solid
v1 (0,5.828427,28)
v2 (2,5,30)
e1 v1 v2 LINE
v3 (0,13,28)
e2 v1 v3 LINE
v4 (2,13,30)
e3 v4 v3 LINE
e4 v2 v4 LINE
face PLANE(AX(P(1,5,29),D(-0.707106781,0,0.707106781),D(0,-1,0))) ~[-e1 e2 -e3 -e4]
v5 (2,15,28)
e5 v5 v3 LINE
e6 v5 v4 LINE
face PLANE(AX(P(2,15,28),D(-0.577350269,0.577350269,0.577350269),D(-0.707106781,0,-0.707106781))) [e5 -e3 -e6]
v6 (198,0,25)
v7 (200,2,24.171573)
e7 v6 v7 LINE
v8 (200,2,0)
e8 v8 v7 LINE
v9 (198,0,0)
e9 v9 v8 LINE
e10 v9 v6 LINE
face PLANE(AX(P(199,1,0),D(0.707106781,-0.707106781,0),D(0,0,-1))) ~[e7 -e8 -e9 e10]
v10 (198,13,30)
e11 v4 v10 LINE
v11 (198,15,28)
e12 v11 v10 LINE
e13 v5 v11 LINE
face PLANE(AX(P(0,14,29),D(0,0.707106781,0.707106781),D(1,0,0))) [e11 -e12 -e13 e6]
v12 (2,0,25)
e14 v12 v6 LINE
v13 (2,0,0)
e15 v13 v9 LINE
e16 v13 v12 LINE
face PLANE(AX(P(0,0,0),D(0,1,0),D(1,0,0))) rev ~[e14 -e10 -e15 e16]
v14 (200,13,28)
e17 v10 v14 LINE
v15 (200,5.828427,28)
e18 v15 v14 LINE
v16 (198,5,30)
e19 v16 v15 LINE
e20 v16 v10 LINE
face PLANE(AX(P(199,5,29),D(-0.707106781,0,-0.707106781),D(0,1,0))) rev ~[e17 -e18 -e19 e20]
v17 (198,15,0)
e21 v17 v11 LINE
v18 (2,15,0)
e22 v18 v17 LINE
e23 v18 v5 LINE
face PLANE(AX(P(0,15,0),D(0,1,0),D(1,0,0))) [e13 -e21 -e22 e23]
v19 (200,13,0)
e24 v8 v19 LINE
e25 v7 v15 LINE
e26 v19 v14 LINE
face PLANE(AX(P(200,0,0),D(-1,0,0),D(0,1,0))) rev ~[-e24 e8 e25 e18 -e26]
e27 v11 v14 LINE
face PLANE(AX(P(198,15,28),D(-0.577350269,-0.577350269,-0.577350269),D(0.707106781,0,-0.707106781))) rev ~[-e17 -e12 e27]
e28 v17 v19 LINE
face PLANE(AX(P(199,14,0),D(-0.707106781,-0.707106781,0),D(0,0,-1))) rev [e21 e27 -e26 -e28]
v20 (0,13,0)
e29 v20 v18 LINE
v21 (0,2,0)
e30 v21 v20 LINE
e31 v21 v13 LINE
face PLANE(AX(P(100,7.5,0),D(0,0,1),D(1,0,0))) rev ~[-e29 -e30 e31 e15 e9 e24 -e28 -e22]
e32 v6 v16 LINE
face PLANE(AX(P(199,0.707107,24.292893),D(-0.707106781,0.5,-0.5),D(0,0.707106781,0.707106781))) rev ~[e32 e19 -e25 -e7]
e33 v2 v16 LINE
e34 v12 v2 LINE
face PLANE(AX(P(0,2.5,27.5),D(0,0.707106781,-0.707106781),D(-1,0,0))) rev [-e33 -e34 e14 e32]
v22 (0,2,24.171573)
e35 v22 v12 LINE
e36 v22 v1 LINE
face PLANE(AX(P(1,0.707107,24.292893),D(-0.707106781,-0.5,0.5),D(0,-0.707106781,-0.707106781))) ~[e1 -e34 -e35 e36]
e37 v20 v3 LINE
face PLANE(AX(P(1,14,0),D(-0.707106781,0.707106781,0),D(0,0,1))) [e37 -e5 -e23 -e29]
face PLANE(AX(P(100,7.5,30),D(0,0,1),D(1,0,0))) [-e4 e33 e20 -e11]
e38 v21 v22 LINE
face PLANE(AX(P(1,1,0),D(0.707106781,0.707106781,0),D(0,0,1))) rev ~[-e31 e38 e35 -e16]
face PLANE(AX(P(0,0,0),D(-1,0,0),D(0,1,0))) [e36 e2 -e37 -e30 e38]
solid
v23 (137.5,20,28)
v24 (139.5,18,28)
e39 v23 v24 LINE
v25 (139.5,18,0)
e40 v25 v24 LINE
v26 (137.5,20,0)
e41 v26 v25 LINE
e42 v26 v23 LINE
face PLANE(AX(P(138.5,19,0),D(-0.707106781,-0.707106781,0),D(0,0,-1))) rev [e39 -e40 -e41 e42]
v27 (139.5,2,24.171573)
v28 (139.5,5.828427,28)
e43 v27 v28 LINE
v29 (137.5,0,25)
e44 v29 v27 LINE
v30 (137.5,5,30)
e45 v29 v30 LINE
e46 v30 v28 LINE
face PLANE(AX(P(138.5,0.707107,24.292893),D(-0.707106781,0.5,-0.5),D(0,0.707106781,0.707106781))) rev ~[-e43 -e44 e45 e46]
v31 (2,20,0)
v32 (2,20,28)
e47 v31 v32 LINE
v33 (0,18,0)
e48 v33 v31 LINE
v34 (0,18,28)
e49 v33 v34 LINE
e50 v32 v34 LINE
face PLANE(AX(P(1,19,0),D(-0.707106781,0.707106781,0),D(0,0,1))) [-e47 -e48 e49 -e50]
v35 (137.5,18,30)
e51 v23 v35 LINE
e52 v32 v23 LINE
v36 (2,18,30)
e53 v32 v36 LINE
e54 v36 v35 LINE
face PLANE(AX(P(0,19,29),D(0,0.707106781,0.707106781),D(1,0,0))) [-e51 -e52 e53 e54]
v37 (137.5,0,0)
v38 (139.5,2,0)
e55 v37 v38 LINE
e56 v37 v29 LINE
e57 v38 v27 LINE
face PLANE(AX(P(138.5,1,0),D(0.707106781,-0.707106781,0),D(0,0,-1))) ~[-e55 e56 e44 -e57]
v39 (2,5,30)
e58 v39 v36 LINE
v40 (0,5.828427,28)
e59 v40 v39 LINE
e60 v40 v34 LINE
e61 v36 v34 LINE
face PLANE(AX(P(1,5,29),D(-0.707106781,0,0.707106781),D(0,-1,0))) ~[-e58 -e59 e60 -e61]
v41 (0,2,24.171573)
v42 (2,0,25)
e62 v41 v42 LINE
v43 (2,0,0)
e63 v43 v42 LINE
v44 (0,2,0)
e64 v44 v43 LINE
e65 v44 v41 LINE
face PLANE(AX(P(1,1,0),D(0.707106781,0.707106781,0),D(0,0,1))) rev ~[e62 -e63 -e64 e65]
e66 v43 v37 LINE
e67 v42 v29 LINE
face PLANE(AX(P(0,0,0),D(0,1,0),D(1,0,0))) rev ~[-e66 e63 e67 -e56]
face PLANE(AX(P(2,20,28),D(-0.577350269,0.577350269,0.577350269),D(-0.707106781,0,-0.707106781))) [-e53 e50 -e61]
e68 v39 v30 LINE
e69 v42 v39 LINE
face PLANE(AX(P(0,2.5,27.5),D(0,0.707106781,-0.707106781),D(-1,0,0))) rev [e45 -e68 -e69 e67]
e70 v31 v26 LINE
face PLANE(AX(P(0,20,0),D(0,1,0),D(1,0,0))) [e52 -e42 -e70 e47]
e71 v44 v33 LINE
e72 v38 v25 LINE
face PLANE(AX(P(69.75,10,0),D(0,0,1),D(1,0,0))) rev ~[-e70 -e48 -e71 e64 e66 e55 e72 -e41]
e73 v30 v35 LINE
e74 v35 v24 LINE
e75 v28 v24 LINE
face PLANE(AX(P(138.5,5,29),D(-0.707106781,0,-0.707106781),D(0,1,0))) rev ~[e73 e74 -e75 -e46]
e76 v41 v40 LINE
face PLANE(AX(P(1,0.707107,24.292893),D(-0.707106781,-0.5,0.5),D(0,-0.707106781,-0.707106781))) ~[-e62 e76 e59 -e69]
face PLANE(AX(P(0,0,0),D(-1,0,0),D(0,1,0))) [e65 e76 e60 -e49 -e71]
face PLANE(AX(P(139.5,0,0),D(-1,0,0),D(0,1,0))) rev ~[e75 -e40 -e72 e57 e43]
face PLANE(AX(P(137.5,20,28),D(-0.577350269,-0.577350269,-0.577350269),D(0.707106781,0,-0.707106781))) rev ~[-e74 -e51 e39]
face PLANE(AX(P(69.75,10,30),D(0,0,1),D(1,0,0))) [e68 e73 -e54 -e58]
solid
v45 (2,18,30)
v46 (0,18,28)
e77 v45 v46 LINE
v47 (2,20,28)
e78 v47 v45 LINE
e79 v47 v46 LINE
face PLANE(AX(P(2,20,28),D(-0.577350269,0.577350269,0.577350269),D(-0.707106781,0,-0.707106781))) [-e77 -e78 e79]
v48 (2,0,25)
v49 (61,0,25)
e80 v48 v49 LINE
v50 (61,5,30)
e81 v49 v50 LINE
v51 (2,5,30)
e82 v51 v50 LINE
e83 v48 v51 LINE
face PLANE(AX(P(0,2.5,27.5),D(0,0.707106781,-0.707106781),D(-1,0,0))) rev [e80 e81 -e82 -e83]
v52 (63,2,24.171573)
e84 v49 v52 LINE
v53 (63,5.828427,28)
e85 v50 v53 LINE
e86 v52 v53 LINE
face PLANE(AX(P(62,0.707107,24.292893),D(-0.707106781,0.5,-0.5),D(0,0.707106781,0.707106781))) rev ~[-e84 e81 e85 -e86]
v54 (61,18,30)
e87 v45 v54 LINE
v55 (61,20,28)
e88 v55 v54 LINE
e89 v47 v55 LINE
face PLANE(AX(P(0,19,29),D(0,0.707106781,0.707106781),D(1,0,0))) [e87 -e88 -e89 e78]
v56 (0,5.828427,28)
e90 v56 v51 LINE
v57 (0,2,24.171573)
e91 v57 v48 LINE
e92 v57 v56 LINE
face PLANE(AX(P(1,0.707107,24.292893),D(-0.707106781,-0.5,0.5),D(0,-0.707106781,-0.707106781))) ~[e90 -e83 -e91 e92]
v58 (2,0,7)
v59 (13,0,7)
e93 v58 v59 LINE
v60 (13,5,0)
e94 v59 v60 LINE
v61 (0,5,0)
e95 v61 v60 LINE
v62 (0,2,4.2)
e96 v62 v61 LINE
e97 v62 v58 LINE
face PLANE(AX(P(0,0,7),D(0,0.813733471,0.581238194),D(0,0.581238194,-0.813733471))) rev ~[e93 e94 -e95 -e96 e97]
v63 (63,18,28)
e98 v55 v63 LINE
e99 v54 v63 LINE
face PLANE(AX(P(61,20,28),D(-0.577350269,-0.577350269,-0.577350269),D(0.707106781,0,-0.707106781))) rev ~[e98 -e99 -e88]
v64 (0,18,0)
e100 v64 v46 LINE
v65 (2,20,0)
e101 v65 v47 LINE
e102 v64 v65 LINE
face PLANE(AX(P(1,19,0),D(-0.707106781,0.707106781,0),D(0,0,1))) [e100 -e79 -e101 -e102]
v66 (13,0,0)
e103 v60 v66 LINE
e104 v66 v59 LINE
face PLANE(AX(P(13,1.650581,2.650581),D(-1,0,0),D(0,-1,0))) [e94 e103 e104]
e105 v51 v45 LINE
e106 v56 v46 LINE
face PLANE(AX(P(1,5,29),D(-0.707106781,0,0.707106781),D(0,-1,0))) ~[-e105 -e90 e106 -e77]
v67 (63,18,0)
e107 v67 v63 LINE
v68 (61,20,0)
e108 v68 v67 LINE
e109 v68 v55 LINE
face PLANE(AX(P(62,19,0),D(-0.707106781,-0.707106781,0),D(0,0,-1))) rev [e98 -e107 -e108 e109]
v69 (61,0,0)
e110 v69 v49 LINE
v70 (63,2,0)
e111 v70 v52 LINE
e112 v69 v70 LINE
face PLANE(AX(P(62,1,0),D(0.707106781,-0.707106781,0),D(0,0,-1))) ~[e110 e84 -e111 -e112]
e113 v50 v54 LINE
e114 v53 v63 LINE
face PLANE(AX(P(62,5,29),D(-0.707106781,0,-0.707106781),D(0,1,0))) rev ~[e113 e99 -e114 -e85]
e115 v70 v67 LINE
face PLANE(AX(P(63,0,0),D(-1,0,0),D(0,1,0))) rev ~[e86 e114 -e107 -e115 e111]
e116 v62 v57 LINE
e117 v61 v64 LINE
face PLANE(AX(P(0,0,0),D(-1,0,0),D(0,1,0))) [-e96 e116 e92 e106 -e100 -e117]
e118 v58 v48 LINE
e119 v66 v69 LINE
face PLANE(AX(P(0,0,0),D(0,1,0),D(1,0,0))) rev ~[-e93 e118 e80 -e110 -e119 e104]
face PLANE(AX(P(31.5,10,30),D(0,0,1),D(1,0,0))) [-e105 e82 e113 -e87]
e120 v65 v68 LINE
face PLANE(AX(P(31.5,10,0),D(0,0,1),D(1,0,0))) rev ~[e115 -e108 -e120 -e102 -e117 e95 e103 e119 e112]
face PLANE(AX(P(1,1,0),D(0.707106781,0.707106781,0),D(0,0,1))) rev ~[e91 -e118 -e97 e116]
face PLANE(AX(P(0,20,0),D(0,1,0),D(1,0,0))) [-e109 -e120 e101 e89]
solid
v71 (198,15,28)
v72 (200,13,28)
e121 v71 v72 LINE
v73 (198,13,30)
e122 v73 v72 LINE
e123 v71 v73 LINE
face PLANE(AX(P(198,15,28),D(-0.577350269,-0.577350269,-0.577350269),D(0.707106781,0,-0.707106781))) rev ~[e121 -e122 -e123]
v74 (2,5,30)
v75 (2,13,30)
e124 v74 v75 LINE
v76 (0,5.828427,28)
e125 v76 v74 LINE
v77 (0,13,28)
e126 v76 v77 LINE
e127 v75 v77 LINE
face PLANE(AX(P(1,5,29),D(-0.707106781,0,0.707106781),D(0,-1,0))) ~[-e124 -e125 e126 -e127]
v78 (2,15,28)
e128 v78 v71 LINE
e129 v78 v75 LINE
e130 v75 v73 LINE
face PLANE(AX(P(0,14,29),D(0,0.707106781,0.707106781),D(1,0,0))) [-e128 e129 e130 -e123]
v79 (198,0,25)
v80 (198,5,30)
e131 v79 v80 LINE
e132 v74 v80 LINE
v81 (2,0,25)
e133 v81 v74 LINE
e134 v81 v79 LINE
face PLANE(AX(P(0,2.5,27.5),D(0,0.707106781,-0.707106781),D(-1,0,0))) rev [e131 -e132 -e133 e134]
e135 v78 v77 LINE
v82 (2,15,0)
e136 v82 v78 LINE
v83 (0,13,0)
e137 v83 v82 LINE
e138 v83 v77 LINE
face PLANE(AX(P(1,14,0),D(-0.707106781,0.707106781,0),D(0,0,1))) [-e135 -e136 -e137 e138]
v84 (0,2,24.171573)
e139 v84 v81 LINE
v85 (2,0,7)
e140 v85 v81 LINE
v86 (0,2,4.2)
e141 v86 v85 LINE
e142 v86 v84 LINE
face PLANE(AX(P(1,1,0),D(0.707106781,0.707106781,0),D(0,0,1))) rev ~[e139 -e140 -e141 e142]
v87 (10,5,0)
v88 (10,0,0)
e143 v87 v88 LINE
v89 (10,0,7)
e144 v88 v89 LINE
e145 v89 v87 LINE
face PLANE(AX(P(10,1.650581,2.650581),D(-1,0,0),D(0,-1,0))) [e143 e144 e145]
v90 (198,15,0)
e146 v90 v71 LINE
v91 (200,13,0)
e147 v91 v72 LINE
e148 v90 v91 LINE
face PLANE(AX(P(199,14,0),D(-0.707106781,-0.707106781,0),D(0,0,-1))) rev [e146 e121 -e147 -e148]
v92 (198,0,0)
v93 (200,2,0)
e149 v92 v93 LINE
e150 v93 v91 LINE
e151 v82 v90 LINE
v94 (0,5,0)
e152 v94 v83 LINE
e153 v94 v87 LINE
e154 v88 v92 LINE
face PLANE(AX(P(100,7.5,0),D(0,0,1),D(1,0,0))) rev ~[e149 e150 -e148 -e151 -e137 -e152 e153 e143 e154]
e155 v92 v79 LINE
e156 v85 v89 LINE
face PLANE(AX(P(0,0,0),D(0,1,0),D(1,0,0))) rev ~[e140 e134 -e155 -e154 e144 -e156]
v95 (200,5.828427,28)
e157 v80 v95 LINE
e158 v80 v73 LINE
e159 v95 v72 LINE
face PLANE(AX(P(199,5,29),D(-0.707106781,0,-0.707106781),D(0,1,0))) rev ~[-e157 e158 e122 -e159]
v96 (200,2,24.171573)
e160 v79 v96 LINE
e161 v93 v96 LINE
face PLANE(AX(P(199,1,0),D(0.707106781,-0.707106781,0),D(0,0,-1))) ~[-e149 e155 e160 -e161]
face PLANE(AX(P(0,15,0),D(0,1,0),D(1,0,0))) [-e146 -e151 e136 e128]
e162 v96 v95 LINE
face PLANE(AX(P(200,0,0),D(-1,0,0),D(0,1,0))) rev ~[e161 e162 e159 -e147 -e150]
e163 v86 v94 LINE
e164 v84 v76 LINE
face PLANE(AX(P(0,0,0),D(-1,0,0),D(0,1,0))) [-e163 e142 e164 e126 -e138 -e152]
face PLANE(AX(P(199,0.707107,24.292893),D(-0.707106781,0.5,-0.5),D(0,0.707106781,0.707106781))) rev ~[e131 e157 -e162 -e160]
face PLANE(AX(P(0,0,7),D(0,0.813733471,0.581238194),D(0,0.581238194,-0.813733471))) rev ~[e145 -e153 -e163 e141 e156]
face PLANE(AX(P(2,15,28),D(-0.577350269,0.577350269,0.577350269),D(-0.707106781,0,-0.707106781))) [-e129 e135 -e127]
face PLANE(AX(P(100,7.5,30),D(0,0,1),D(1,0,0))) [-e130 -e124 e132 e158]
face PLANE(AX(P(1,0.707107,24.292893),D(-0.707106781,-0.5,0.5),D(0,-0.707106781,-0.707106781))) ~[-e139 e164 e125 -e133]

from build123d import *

# Parameters (mm, degrees)
BOX_W           = 200
BOX_H           = 15
BOX_DEPTH       = 30
CHAMFER_SIZE    = 5
CHAMFER001_SIZE = 2
POCKET_DEPTH    = 10
BOX001_W        = 63
BOX001_H        = 20
BOX001_DEPTH    = 30
CHAMFER002_SIZE = 5
CHAMFER003_SIZE = 2
POCKET001_DEPTH = 13
BOX002_W        = 139.5
BOX002_H        = 20
BOX002_DEPTH    = 30
CHAMFER004_SIZE = 5
CHAMFER005_SIZE = 2
BOX003_W        = 200
BOX003_H        = 15
BOX003_DEPTH    = 30
CHAMFER006_SIZE = 5
CHAMFER007_SIZE = 2


with BuildPart() as body:
    # Box → Box (new body)
    with BuildSketch(Plane.XY):
        with Locations((100, 7.5)):
            Rectangle(BOX_W, BOX_H)
    extrude(amount=BOX_DEPTH)

    # Chamfer
    chamfer_edges = [body.edges().sort_by_distance(p)[0] for p in [
        (100, 0, 30),
    ]]
    chamfer(chamfer_edges, length=CHAMFER_SIZE)

    # Chamfer001
    chamfer001_edges = [body.edges().sort_by_distance(p)[0] for p in [
        (0, 10, 30),
        (200, 10, 30),
        (100, 15, 30),
        (200, 15, 15),
        (0, 15, 15),
        (0, 0, 12.5),
        (200, 0, 12.5),
        (0, 2.5, 27.5),
        (200, 2.5, 27.5),
    ]]
    chamfer(chamfer001_edges, length=CHAMFER001_SIZE)

    # Sketch (on Face1 of Chamfer001) → Pocket (cut, symmetric)
    with BuildSketch(Plane(origin=(0, 0, 0), x_dir=(0, -1, 0), z_dir=(-1, 0, 0))):
        Polygon((-5, 0), (0, 0), (0, 7), align=None)
    extrude(amount=POCKET_DEPTH, both=True, mode=Mode.SUBTRACT)


with BuildPart() as kulma_shimmi:
    # Box001 → Box001 (new body)
    with BuildSketch(Plane.XY):
        with Locations((31.5, 10)):
            Rectangle(BOX001_W, BOX001_H)
    extrude(amount=BOX001_DEPTH)

    # Chamfer002
    chamfer002_edges = [kulma_shimmi.edges().sort_by_distance(p)[0] for p in [
        (31.5, 0, 30),
    ]]
    chamfer(chamfer002_edges, length=CHAMFER002_SIZE)

    # Chamfer003
    chamfer003_edges = [kulma_shimmi.edges().sort_by_distance(p)[0] for p in [
        (0, 12.5, 30),
        (63, 12.5, 30),
        (31.5, 20, 30),
        (63, 20, 15),
        (0, 20, 15),
        (0, 0, 12.5),
        (63, 0, 12.5),
        (0, 2.5, 27.5),
        (63, 2.5, 27.5),
    ]]
    chamfer(chamfer003_edges, length=CHAMFER003_SIZE)

    # Sketch001 (on Face1 of Chamfer003) → Pocket001 (cut)
    with BuildSketch(Plane(origin=(0, 0, 0), x_dir=(0, -1, 0), z_dir=(-1, 0, 0))):
        Polygon((-5, 0), (0, 0), (0, 7), align=None)
    extrude(amount=-POCKET001_DEPTH, mode=Mode.SUBTRACT)


with BuildPart() as keski_shimmix4:
    # Box002 → Box002 (new body)
    with BuildSketch(Plane.XY):
        with Locations((69.75, 10)):
            Rectangle(BOX002_W, BOX002_H)
    extrude(amount=BOX002_DEPTH)

    # Chamfer004
    chamfer004_edges = [keski_shimmix4.edges().sort_by_distance(p)[0] for p in [
        (69.75, 0, 30),
    ]]
    chamfer(chamfer004_edges, length=CHAMFER004_SIZE)

    # Chamfer005
    chamfer005_edges = [keski_shimmix4.edges().sort_by_distance(p)[0] for p in [
        (0, 12.5, 30),
        (139.5, 12.5, 30),
        (69.75, 20, 30),
        (139.5, 20, 15),
        (0, 20, 15),
        (0, 0, 12.5),
        (139.5, 0, 12.5),
        (0, 2.5, 27.5),
        (139.5, 2.5, 27.5),
    ]]
    chamfer(chamfer005_edges, length=CHAMFER005_SIZE)


with BuildPart() as etu_taka_shimmix2:
    # Box003 → Box003 (new body)
    with BuildSketch(Plane.XY):
        with Locations((100, 7.5)):
            Rectangle(BOX003_W, BOX003_H)
    extrude(amount=BOX003_DEPTH)

    # Chamfer006
    chamfer006_edges = [etu_taka_shimmix2.edges().sort_by_distance(p)[0] for p in [
        (100, 0, 30),
    ]]
    chamfer(chamfer006_edges, length=CHAMFER006_SIZE)

    # Chamfer007
    chamfer007_edges = [etu_taka_shimmix2.edges().sort_by_distance(p)[0] for p in [
        (0, 10, 30),
        (200, 10, 30),
        (100, 15, 30),
        (200, 15, 15),
        (0, 15, 15),
        (0, 0, 12.5),
        (200, 0, 12.5),
        (0, 2.5, 27.5),
        (200, 2.5, 27.5),
    ]]
    chamfer(chamfer007_edges, length=CHAMFER007_SIZE)


solid = Compound([body.part, kulma_shimmi.part, keski_shimmix4.part, etu_taka_shimmix2.part])
